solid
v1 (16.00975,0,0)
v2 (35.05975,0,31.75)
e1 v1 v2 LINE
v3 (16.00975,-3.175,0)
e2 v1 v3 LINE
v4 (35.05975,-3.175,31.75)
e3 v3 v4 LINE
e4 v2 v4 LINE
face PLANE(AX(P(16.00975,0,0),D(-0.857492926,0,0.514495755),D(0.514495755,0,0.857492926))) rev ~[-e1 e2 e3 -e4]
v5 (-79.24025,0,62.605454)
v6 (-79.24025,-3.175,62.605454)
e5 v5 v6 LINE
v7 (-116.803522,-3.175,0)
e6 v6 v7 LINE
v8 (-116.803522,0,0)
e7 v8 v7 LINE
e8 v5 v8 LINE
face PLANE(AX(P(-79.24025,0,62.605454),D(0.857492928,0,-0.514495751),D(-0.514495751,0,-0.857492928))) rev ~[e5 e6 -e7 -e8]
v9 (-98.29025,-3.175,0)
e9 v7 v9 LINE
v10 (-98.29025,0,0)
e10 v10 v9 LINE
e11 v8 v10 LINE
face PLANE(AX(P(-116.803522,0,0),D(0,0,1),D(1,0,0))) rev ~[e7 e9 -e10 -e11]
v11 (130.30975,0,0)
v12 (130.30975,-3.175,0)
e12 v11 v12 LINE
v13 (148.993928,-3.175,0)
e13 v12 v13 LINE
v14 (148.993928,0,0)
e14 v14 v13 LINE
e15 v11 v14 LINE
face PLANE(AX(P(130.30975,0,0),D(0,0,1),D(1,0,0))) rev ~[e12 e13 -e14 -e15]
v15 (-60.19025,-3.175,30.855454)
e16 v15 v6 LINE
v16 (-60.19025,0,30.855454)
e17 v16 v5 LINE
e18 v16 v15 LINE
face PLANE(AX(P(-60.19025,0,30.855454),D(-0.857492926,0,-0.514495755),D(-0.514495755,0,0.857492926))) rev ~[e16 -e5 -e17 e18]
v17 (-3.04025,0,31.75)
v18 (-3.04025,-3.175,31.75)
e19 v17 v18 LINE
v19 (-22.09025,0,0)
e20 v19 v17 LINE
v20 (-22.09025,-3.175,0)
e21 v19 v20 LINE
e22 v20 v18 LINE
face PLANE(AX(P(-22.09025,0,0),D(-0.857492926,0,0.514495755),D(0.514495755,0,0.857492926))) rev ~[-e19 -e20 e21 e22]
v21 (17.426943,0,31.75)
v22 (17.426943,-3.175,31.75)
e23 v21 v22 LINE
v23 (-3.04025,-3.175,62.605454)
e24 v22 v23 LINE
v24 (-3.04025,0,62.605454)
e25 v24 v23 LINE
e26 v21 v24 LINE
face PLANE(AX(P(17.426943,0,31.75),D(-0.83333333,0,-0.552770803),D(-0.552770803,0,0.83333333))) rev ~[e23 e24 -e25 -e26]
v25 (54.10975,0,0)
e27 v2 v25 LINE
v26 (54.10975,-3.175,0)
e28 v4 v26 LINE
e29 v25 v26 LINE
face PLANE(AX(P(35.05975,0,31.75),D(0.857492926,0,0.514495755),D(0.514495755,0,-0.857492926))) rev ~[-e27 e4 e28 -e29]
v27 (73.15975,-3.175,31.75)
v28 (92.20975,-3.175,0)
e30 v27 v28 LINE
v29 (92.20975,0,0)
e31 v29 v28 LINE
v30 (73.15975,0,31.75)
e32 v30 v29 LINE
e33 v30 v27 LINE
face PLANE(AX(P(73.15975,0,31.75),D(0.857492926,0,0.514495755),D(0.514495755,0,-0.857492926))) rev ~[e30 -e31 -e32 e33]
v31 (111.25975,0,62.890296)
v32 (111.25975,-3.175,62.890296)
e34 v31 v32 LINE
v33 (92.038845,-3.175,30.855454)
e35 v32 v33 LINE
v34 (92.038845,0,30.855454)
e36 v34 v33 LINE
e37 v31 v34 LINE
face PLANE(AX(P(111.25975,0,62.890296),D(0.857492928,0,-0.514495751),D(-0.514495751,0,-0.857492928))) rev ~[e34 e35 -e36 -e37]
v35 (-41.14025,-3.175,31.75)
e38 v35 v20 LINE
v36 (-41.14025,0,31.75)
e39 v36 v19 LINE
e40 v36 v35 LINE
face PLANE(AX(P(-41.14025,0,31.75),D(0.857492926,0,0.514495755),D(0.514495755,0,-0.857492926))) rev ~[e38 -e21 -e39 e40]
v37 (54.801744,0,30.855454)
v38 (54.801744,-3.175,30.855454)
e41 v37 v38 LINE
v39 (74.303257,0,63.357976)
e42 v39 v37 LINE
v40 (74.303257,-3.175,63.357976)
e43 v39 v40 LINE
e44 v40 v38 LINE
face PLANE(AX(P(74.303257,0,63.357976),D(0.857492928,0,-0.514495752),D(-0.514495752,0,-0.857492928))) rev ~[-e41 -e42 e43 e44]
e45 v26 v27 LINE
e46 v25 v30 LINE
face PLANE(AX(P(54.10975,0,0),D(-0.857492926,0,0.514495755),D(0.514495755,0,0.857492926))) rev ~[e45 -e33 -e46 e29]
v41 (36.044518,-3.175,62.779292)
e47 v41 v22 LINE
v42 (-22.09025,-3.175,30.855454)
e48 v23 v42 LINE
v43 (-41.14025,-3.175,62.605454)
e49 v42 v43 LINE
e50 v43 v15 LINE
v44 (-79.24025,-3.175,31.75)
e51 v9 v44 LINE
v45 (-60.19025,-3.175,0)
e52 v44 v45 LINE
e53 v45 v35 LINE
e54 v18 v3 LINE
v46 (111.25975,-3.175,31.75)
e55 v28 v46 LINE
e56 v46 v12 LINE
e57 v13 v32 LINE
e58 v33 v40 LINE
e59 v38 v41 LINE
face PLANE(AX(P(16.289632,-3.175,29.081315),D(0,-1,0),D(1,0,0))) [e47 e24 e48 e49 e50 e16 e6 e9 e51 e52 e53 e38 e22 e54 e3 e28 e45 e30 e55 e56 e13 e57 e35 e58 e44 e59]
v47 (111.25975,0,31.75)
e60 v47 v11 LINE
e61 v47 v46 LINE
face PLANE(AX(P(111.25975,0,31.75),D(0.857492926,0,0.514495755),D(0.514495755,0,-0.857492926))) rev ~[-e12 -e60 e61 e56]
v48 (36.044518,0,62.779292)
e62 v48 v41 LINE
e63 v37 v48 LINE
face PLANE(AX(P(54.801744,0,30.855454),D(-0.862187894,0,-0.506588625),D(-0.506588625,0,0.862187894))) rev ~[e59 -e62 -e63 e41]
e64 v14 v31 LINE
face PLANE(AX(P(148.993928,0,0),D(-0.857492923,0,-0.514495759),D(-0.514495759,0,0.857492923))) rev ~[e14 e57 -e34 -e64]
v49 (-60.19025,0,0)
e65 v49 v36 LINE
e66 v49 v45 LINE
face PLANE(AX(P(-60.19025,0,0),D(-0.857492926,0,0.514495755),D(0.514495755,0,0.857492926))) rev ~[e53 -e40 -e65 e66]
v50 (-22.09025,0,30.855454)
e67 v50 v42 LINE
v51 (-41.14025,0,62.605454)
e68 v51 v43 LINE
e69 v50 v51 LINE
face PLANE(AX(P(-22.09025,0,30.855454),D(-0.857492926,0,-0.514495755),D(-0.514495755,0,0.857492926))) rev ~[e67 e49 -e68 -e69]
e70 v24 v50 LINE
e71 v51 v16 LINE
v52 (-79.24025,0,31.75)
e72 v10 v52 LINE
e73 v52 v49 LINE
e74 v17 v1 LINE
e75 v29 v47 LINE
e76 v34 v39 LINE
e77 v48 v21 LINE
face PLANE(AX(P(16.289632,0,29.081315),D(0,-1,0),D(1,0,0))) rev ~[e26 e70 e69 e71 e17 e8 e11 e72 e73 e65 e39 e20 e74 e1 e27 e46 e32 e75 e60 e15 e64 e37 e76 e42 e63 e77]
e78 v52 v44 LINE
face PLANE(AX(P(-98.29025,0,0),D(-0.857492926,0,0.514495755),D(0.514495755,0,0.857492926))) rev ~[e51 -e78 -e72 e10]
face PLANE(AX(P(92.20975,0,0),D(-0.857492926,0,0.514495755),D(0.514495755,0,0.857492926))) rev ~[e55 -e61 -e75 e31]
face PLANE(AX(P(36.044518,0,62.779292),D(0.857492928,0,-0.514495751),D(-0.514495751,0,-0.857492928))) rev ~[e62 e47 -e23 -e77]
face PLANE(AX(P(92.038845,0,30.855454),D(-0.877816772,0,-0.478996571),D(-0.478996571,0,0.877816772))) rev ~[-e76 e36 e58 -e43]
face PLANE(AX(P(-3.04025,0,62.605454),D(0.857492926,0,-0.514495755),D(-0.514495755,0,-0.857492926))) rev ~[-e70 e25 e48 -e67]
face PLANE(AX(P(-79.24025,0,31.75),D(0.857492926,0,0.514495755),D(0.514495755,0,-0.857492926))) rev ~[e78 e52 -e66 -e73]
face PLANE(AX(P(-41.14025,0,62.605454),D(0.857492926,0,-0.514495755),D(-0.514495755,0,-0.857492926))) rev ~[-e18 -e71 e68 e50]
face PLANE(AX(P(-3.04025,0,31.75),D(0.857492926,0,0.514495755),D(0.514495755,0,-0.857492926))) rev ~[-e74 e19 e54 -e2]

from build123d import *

# Parameters (mm, degrees)
F1_DEPTH = 3.175


with BuildPart() as f1:
    # F0 (on Front) → F1 (new body)
    with BuildSketch(Plane.XZ):
        Polygon((-98.29025, 0), (-79.24025, 31.75), (-60.19025, 0), (-41.14025, 31.75), (-22.09025, 0), (-3.04025, 31.75), (16.00975, 0), (35.05975, 31.75), (54.10975, 0), (73.15975, 31.75), (92.20975, 0), (111.25975, 31.75), (130.30975, 0), (148.993928, 0), (111.25975, 62.890296), (92.038845, 30.855454), (74.303257, 63.357976), (54.801744, 30.855454), (36.044518, 62.779292), (17.426943, 31.75), (-3.04025, 62.605454), (-22.09025, 30.855454), (-41.14025, 62.605454), (-60.19025, 30.855454), (-79.24025, 62.605454), (-116.803522, 0), align=None)
    extrude(amount=F1_DEPTH)


solid = f1.part
